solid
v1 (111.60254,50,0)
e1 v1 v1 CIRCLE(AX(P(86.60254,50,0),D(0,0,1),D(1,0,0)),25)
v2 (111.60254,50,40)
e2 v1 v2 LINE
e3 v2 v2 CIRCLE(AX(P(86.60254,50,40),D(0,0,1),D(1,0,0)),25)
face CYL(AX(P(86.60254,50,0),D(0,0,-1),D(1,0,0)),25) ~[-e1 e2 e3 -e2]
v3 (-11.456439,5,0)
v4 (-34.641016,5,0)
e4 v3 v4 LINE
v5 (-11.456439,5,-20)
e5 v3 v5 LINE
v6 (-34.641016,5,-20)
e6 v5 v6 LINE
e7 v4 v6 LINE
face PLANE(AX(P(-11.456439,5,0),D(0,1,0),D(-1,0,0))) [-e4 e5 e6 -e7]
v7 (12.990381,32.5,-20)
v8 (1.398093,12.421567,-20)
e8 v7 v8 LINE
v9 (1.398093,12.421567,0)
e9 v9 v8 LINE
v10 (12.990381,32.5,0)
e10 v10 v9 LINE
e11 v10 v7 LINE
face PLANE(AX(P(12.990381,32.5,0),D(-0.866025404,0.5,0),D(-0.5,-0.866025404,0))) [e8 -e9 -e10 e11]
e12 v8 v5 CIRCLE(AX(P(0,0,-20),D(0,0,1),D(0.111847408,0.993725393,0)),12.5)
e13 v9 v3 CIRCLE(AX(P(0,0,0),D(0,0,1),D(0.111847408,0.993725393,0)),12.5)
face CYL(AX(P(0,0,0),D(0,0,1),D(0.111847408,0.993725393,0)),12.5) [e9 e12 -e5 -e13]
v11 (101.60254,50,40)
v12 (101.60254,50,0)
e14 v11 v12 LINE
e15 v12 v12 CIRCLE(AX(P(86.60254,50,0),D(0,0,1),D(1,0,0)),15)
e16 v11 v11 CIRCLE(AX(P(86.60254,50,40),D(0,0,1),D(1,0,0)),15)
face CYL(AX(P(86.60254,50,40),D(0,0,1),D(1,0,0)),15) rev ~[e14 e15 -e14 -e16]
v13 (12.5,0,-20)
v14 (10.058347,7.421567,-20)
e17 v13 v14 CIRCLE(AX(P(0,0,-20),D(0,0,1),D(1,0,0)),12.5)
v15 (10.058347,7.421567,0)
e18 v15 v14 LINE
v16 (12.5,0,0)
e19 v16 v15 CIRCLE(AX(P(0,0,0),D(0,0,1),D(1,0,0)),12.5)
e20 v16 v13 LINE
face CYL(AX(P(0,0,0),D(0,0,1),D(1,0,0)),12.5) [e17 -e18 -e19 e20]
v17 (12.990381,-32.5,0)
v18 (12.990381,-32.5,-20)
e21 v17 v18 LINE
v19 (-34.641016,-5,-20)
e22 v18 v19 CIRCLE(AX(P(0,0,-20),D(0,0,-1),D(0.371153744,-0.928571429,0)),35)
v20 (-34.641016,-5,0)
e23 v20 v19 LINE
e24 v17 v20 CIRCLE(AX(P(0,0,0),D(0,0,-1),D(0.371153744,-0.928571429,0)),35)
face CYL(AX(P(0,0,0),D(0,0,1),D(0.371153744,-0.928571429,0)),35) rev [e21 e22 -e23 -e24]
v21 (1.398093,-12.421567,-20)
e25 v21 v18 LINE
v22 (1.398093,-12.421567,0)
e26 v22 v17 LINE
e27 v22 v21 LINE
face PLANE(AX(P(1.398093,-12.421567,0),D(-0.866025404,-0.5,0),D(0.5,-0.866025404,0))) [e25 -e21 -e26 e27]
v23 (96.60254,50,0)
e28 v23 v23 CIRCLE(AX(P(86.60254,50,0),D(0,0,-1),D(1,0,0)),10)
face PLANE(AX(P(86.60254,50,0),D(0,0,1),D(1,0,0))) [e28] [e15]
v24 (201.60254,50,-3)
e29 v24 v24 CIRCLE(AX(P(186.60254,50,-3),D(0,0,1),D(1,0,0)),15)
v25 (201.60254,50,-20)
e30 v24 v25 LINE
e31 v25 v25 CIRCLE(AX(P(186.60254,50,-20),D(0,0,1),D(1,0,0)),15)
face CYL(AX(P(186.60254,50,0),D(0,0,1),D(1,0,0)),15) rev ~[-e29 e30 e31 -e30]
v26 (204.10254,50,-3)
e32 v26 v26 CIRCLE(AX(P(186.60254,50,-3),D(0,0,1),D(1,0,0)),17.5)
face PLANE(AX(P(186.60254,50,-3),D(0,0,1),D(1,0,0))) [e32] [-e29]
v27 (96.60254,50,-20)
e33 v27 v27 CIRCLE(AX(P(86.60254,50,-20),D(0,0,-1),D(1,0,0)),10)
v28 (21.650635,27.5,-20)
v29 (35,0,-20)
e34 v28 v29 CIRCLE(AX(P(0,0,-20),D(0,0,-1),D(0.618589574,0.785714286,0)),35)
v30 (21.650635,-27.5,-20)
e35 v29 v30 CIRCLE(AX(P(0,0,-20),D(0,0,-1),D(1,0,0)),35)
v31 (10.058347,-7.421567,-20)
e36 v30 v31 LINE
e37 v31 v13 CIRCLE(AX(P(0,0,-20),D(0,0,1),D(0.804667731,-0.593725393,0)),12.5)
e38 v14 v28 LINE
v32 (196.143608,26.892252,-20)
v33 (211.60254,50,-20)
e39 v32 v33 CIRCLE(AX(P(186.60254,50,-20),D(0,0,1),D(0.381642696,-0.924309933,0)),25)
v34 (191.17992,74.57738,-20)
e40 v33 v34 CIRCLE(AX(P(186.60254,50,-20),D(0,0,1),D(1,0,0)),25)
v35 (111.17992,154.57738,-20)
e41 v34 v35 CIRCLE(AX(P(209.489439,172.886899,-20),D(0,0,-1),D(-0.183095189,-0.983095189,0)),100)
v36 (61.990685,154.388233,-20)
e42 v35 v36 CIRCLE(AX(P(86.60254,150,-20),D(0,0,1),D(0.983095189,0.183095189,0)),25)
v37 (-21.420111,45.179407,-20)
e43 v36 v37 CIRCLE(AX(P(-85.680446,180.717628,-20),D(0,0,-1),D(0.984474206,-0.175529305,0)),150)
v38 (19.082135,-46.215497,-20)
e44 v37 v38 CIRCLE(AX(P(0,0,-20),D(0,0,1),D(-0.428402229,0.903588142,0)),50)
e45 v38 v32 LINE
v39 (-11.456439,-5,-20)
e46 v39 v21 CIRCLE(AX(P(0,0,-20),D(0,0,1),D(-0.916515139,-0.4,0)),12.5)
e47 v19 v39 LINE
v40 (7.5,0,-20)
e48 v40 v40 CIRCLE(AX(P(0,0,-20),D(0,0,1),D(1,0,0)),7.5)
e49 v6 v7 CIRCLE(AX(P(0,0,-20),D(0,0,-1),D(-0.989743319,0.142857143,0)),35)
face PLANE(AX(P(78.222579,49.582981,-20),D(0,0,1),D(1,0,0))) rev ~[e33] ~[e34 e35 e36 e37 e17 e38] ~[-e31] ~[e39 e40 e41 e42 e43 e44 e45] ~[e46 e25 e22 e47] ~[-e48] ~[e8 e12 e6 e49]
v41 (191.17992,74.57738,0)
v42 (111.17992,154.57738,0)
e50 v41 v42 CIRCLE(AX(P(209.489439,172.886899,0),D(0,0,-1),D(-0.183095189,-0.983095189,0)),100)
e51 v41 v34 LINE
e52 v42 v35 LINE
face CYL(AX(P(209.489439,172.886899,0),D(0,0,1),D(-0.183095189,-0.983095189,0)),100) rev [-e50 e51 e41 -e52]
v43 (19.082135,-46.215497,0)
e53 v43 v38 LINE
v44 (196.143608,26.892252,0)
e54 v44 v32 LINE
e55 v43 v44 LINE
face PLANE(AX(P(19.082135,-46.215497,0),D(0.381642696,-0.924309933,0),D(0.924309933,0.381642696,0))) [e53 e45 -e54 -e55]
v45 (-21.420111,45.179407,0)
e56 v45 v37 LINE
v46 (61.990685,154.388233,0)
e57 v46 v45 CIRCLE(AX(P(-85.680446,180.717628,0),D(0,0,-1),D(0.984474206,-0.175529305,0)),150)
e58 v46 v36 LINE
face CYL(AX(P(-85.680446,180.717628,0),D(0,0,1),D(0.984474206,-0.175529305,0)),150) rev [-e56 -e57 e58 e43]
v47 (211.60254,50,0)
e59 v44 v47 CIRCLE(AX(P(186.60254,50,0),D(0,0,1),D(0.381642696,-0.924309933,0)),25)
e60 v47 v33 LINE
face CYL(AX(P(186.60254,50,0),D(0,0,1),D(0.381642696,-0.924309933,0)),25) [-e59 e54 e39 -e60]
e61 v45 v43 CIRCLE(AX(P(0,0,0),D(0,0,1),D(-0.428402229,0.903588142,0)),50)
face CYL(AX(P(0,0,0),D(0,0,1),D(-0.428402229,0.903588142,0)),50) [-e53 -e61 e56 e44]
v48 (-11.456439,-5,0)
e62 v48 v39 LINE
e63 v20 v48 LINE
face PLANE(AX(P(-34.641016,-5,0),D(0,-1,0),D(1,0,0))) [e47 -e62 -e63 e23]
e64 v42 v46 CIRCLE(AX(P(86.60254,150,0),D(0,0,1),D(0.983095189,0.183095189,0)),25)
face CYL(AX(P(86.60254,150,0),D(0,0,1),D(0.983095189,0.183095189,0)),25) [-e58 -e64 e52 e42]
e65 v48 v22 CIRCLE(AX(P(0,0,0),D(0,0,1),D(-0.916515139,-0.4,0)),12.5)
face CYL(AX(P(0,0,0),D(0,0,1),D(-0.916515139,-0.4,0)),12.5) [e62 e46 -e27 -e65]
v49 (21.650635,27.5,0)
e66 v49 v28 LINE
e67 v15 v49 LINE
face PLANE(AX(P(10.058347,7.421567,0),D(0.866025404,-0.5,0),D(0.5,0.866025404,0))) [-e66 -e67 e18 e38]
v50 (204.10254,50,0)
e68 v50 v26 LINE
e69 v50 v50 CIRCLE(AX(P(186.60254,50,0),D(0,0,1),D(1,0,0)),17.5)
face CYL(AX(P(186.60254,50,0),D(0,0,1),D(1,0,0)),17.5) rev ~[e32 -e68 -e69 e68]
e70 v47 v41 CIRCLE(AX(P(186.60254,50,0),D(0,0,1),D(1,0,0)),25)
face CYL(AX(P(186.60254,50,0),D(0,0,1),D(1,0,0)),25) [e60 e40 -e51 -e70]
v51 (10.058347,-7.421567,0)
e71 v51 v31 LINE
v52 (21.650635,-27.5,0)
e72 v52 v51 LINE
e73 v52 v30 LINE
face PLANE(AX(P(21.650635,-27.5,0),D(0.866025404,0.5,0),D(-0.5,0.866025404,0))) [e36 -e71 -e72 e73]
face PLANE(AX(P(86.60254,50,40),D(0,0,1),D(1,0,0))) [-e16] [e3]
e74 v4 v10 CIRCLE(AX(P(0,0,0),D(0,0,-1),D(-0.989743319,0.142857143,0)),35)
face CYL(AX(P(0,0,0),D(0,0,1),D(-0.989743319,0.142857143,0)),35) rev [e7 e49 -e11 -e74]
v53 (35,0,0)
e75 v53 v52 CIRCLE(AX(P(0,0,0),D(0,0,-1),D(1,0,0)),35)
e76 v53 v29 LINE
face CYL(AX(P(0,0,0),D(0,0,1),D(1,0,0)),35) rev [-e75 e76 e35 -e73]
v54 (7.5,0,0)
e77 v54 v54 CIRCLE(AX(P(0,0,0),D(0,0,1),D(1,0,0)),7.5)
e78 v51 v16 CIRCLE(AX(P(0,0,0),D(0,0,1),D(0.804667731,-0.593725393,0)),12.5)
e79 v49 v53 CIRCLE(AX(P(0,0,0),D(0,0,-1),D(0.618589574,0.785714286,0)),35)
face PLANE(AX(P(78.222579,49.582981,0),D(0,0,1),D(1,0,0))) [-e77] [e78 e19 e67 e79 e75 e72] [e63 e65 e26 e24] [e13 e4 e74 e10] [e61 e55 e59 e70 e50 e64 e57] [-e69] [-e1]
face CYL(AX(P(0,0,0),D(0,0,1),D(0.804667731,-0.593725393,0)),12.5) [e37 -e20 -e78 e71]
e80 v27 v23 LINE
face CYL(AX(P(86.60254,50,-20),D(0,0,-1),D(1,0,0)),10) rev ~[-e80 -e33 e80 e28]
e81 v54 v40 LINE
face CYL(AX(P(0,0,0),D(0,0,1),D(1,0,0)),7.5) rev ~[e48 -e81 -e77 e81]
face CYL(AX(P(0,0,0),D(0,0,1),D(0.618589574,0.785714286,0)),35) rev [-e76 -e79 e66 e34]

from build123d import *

# Parameters (mm, degrees)
F0_R      = 25
F0_R_2    = 17.5
F0_R_3    = 7.5
F1_DEPTH  = 20
F2_DEPTH  = 40
F3_R      = 15
F4_DEPTH  = 40
F5_R      = 10
F6_DEPTH  = 20
F7_R      = 15
F8_DEPTH  = 20.001
F9_R      = 17.5
F10_DEPTH = 3


with BuildPart() as f1:
    # F0 (on Top) → F1 (new body)
    with BuildSketch(Plane.XY):
        with BuildLine():
            ThreePointArc((61.9906852191, 154.3882326301), (33.5268459232, 89.6702692228), (-21.4201114342, 45.1794071026))
            ThreePointArc((-21.4201114342, 45.1794071026), (-45.7124014002, -20.2577481036), (19.0821348166, -46.2154966525))
            Line((19.0821348166, -46.2154966525), (196.1436077868, 26.8922516737))
            ThreePointArc((196.1436077868, 26.8922516737), (161.7368914415, 47.4116601952), (191.1799201156, 74.5773797371))
            ThreePointArc((191.1799201156, 74.5773797371), (138.7787609454, 102.1762205669), (111.1799201156, 154.5773797371))
            ThreePointArc((111.1799201156, 154.5773797371), (111.4966611043, 152.2984240875), (111.6025403784, 150))
            ThreePointArc((111.6025403784, 150), (84.3998578075, 125.0972252652), (61.9906852191, 154.3882326301))
        make_face()
        with BuildLine():
            ThreePointArc((21.6506350946, 27.5), (31.4862845403, 15.2844327943), (35, 0))
            ThreePointArc((35, 0), (31.4862845403, -15.2844327943), (21.6506350946, -27.5))
            ThreePointArc((21.6506350946, -27.5), (17.5, -30.3108891325), (12.9903810568, -32.5))
            ThreePointArc((12.9903810568, -32.5), (-17.5, -30.3108891325), (-34.6410161514, -5))
            ThreePointArc((-34.6410161514, -5), (-35, 0), (-34.6410161514, 5))
            ThreePointArc((-34.6410161514, 5), (-17.5, 30.3108891325), (12.9903810568, 32.5))
            ThreePointArc((12.9903810568, 32.5), (17.5, 30.3108891325), (21.6506350946, 27.5))
        make_face(mode=Mode.SUBTRACT)
        with Locations((86.6025403784, 50)):
            Circle(F0_R, mode=Mode.SUBTRACT)
        with BuildLine():
            ThreePointArc((191.1799201156, 74.5773797371), (161.7368914415, 47.4116601952), (196.1436077868, 26.8922516737))
            ThreePointArc((196.1436077868, 26.8922516737), (207.3814561972, 36.0990411339), (211.6025403784, 50))
            ThreePointArc((211.6025403784, 50), (205.8305732137, 65.9775703186), (191.1799201156, 74.5773797371))
        make_face()
        with Locations((186.6025403784, 50)):
            Circle(F0_R_2, mode=Mode.SUBTRACT)
        with BuildLine():
            ThreePointArc((111.1799201156, 154.5773797371), (86.5064087202, 174.9998151734), (61.9906852191, 154.3882326301))
            ThreePointArc((61.9906852191, 154.3882326301), (84.3998578075, 125.0972252652), (111.6025403784, 150))
            ThreePointArc((111.6025403784, 150), (111.4966611043, 152.2984240875), (111.1799201156, 154.5773797371))
        make_face()
        with Locations((86.6025403784, 150)):
            Circle(F0_R_2, mode=Mode.SUBTRACT)
        with Locations((86.6025403784, 50)):
            Circle(F0_R)
        with Locations((186.6025403784, 50)):
            Circle(F0_R_2)
        with Locations((86.6025403784, 150)):
            Circle(F0_R_2)
        with BuildLine():
            ThreePointArc((12.5, 0), (11.8739069596, 3.9064476849), (10.0583466376, 7.4215674165))
            ThreePointArc((10.0583466376, 7.4215674165), (6.25, 10.8253175473), (1.3980925998, 12.4215674165))
            ThreePointArc((1.3980925998, 12.4215674165), (-6.25, 10.8253175473), (-11.4564392374, 5))
            ThreePointArc((-11.4564392374, 5), (-12.5, 0), (-11.4564392374, -5))
            ThreePointArc((-11.4564392374, -5), (-6.25, -10.8253175473), (1.3980925998, -12.4215674165))
            ThreePointArc((1.3980925998, -12.4215674165), (6.25, -10.8253175473), (10.0583466376, -7.4215674165))
            ThreePointArc((10.0583466376, -7.4215674165), (11.8739069596, -3.9064476849), (12.5, 0))
        make_face()
        Circle(F0_R_3, mode=Mode.SUBTRACT)
        with BuildLine():
            Line((10.0583466376, 7.4215674165), (21.6506350946, 27.5))
            ThreePointArc((21.6506350946, 27.5), (17.5, 30.3108891325), (12.9903810568, 32.5))
            Line((12.9903810568, 32.5), (1.3980925998, 12.4215674165))
            ThreePointArc((1.3980925998, 12.4215674165), (6.25, 10.8253175473), (10.0583466376, 7.4215674165))
        make_face()
        with BuildLine():
            Line((-11.4564392374, 5), (-34.6410161514, 5))
            ThreePointArc((-34.6410161514, 5), (-35, 0), (-34.6410161514, -5))
            Line((-34.6410161514, -5), (-11.4564392374, -5))
            ThreePointArc((-11.4564392374, -5), (-12.5, 0), (-11.4564392374, 5))
        make_face()
        with BuildLine():
            ThreePointArc((12.9903810568, -32.5), (17.5, -30.3108891325), (21.6506350946, -27.5))
            Line((21.6506350946, -27.5), (10.0583466376, -7.4215674165))
            ThreePointArc((10.0583466376, -7.4215674165), (6.25, -10.8253175473), (1.3980925998, -12.4215674165))
            Line((1.3980925998, -12.4215674165), (12.9903810568, -32.5))
        make_face()
    extrude(amount=-F1_DEPTH)

    # F0 (on Top) → F2 (join)
    with BuildSketch(Plane.XY):
        with Locations((86.6025403784, 50)):
            Circle(F0_R)
    extrude(amount=F2_DEPTH)

    # F3 (on face) → F4 (cut, through all)
    with BuildSketch(Plane.XY.offset(40)):
        with Locations((86.6025403784, 50)):
            Circle(F3_R)
    extrude(amount=-F4_DEPTH, mode=Mode.SUBTRACT)

    # F5 (on face) → F6 (cut, through all)
    with BuildSketch(Plane(origin=(0, 0, -20), x_dir=(1, 0, 0), z_dir=(0, 0, -1))):
        with Locations((86.6025403784, -50)):
            Circle(F5_R)
    extrude(amount=-F6_DEPTH, mode=Mode.SUBTRACT)

    # F7 (on face) → F8 (cut, through all)
    with BuildSketch(Plane.XY):
        with Locations((186.6025403784, 50)):
            Circle(F7_R)
    extrude(amount=-F8_DEPTH, mode=Mode.SUBTRACT)

    # F9 (on face) → F10 (cut)
    with BuildSketch(Plane.XY):
        with Locations((186.6025403784, 50)):
            Circle(F9_R)
    extrude(amount=-F10_DEPTH, mode=Mode.SUBTRACT)


solid = f1.part
